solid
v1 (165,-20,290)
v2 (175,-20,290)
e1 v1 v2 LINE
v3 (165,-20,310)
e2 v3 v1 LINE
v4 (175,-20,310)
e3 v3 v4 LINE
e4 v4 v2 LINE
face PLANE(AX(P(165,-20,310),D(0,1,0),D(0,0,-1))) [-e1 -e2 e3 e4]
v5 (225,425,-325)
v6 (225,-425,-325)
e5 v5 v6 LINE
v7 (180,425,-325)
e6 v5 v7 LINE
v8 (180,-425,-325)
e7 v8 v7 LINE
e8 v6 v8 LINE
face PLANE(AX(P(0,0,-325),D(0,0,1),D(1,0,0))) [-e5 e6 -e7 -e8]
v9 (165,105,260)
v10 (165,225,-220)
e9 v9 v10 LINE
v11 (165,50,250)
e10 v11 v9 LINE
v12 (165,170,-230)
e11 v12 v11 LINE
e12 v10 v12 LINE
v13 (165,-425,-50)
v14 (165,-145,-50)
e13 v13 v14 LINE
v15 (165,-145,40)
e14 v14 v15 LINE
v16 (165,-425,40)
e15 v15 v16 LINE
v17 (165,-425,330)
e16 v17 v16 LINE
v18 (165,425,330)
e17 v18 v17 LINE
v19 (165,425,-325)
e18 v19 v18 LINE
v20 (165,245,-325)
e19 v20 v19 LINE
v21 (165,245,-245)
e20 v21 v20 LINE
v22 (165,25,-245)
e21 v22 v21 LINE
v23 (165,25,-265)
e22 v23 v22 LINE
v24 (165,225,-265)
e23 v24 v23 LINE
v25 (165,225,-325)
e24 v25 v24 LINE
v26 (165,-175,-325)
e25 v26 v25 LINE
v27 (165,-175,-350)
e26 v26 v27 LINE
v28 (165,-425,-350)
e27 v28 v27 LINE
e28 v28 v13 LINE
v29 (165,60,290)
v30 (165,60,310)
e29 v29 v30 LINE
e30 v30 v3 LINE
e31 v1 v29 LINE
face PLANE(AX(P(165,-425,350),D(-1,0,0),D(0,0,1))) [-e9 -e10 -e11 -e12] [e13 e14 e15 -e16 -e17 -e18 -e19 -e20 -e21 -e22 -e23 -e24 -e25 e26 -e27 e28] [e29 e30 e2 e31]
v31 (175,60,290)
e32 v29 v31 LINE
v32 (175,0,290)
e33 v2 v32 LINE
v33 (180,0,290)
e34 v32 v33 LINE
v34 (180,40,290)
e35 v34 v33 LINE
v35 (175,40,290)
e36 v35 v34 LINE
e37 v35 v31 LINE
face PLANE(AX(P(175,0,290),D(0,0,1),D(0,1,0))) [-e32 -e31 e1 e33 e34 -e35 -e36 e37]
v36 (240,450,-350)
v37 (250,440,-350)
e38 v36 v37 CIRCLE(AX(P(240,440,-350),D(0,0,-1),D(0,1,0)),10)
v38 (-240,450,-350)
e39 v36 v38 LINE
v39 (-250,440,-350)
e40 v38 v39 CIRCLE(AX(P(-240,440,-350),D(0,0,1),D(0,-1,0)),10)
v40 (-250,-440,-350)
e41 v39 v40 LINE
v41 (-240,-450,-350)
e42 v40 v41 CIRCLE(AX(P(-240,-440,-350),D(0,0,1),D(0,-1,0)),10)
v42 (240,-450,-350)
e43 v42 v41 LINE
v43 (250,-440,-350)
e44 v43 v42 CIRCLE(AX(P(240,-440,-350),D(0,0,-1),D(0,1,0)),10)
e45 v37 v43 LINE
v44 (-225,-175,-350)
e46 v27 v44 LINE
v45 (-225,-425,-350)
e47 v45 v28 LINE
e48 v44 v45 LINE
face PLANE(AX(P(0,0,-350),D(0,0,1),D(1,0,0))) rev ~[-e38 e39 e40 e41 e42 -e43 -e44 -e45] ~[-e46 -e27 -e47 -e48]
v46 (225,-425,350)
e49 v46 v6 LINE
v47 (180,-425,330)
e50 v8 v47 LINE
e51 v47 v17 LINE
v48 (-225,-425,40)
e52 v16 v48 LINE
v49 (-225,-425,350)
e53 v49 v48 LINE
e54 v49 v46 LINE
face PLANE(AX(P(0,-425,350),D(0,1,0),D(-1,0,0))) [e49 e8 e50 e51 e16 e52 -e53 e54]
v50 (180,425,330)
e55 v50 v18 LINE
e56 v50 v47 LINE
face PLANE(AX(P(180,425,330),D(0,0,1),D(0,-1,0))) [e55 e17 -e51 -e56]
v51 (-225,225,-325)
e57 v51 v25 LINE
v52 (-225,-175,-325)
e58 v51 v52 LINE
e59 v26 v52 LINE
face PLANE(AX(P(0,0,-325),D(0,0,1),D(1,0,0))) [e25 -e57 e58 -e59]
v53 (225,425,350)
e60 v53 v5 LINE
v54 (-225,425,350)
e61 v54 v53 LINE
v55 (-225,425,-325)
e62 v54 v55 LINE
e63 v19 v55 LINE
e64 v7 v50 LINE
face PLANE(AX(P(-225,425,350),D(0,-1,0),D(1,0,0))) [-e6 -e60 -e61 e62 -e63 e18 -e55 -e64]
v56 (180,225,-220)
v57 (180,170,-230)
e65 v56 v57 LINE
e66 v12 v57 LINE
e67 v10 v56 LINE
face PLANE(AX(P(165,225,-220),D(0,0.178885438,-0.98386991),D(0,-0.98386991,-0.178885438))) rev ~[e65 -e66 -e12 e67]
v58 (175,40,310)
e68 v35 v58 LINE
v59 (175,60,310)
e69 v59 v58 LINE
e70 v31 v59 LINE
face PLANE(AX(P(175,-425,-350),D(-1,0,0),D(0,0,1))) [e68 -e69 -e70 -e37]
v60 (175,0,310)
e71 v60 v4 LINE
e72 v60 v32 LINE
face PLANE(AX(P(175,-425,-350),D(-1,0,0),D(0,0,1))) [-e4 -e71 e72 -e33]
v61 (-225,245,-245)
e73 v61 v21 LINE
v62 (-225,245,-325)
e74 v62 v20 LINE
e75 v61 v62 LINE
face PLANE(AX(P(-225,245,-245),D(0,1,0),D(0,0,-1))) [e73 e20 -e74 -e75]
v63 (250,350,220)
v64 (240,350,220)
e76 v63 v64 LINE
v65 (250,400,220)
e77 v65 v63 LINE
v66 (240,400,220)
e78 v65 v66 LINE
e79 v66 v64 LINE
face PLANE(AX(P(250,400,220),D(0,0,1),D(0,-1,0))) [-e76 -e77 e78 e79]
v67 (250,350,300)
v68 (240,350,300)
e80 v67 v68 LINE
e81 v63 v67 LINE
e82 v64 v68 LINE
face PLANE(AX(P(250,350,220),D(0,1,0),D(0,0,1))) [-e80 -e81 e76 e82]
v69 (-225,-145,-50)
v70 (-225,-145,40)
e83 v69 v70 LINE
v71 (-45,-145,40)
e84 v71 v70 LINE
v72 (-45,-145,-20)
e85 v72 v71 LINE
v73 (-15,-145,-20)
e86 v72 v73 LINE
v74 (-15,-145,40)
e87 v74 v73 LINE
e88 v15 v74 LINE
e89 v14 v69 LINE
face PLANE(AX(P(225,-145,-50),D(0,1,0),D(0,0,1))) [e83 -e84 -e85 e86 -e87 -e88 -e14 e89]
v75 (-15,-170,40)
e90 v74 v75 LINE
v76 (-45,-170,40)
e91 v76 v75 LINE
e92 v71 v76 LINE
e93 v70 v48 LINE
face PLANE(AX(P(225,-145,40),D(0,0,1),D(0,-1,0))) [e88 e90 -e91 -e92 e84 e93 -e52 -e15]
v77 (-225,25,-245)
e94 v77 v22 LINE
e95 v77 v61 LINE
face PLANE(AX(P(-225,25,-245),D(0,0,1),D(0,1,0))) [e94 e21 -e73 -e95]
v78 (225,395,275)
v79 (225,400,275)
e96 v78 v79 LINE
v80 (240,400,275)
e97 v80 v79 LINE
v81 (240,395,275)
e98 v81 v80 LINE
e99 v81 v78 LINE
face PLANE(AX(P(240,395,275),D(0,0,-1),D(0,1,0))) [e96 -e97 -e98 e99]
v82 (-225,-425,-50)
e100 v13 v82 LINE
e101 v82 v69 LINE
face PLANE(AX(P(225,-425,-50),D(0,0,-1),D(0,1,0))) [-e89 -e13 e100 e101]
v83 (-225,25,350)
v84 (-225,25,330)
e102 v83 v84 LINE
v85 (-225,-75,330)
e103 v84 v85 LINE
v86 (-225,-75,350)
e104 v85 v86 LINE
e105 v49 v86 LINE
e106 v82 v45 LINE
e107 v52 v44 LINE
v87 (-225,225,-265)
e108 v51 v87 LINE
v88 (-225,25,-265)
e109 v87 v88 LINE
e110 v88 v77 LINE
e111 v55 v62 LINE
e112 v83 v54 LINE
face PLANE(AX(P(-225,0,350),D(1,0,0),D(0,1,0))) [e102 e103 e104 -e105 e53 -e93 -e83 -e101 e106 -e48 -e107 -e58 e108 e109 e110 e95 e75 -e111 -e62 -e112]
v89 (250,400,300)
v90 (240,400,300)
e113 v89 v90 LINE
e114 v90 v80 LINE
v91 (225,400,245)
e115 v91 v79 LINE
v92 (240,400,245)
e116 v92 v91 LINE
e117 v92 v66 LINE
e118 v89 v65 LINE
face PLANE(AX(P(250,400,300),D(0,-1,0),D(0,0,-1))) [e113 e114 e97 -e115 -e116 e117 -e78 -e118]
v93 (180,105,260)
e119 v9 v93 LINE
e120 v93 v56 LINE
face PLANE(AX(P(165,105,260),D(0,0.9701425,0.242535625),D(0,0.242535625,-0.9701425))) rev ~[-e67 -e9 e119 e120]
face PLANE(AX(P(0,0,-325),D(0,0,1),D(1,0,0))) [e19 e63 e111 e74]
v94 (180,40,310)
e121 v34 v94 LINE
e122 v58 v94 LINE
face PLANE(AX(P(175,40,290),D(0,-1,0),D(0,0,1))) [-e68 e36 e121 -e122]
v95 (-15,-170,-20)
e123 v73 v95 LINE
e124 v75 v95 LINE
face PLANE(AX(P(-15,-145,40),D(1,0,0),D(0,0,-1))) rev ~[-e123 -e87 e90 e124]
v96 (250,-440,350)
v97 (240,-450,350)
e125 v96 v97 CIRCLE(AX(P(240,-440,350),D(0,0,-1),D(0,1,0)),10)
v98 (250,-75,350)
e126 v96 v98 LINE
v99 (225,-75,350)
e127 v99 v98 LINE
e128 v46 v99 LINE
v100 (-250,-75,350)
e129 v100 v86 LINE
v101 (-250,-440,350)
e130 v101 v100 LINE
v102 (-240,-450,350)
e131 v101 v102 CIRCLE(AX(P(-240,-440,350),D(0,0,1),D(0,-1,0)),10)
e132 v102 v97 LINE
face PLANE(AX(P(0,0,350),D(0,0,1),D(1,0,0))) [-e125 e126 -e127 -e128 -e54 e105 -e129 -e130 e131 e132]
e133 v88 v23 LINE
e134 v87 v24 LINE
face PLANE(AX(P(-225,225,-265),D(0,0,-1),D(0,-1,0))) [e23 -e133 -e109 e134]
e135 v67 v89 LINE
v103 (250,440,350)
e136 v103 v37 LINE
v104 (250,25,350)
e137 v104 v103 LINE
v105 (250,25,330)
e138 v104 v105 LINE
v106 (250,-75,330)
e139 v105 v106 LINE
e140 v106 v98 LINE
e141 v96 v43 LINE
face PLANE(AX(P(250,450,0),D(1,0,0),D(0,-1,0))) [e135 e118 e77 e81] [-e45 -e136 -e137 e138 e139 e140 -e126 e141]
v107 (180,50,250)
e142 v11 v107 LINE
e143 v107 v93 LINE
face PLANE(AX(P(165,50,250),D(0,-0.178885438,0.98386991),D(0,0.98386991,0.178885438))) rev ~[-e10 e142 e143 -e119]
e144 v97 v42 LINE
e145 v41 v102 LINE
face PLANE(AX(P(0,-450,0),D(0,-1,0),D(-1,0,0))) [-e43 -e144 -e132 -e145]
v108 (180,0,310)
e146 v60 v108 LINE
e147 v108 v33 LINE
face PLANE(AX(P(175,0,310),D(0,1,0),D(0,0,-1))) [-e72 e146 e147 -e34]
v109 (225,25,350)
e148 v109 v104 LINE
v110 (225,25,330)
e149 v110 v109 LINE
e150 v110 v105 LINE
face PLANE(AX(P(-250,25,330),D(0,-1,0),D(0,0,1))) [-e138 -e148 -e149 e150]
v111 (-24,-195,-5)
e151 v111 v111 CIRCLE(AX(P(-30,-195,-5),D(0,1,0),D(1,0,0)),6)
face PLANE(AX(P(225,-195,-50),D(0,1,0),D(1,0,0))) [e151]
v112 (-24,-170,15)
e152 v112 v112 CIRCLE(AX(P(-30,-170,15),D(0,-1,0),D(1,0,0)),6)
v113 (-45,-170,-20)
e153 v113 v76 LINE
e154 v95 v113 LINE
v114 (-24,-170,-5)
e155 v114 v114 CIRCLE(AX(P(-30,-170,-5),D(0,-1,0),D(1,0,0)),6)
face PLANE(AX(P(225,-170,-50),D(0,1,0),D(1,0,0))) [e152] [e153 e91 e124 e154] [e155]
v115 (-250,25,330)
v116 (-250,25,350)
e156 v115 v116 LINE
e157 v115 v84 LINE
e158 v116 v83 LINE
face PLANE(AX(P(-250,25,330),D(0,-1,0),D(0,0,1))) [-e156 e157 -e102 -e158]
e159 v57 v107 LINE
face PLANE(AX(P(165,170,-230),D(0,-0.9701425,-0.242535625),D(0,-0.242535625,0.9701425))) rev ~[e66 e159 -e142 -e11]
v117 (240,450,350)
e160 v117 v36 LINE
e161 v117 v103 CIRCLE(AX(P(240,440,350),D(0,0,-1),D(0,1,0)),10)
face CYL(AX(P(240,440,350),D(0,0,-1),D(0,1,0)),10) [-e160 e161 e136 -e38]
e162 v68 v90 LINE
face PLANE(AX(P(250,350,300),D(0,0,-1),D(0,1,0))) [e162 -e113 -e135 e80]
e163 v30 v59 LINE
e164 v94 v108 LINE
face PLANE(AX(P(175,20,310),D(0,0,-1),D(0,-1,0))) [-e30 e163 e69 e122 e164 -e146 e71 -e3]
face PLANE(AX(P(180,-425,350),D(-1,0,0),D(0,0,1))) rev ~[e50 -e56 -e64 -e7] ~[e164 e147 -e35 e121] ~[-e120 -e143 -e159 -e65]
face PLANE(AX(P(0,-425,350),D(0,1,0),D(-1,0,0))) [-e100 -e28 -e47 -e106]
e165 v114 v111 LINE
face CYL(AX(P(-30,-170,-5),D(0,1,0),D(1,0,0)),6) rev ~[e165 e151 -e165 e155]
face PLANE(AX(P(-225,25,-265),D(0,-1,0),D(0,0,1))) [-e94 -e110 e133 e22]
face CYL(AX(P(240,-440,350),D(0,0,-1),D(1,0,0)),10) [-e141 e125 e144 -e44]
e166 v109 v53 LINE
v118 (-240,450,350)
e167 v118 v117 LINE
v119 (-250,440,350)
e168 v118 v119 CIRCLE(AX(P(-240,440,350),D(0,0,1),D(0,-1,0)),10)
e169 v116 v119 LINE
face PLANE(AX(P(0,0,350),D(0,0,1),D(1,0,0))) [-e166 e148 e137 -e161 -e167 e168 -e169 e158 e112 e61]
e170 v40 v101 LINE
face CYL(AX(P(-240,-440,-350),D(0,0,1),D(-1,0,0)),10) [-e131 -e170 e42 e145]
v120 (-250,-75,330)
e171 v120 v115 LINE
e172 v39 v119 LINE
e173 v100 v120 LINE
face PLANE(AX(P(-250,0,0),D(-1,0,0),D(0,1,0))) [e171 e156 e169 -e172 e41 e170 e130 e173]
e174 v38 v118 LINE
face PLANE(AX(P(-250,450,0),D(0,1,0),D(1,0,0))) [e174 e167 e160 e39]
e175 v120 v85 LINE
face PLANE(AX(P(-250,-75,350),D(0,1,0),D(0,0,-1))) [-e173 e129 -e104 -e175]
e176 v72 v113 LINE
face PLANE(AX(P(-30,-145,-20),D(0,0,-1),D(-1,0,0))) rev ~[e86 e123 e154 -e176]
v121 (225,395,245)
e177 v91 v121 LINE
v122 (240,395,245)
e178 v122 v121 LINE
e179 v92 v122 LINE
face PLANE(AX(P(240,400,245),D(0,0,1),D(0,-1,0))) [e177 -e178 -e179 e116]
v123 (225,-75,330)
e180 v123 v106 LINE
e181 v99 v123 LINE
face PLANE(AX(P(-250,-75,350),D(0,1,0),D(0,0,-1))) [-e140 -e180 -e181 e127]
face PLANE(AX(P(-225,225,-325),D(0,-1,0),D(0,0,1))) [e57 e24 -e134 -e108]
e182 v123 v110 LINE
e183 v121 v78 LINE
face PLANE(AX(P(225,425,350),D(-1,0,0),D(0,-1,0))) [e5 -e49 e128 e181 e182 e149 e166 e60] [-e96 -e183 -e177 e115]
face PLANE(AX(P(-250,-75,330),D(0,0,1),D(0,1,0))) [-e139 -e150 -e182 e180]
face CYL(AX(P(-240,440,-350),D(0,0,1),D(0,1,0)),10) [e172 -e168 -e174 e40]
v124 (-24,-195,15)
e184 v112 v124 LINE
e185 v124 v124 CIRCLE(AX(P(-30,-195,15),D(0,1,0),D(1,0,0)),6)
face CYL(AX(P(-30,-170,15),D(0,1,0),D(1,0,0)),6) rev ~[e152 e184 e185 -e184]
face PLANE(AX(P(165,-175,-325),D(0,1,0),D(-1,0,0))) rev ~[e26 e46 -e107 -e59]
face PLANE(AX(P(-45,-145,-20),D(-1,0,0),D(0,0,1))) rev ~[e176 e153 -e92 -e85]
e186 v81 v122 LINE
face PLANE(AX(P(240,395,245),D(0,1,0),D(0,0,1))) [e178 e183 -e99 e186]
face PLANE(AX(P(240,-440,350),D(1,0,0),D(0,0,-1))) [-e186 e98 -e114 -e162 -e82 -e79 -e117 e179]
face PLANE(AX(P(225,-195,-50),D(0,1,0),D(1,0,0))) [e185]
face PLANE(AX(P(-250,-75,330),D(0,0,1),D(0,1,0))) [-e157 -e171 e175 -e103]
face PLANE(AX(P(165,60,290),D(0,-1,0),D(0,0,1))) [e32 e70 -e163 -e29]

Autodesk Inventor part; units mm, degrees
ref_plane "YZ Plane" through (0, 0, 0) normal (1, 0, 0) x (0, 1, 0)
ref_plane "XZ Plane" through (0, 0, 0) normal (0, 1, 0) x (-1, 0, 0)
ref_plane "XY Plane" through (0, 0, 0) normal (0, 0, 1) x (1, 0, 0)
sketch "草图1" plane through (0, 0, 0) normal (0, 0, 1) x (1, 0, 0)
  line L0 (-250, 450) -> (250, 450)
  line L1 (250, 450) -> (250, -450)
  line L2 (250, -450) -> (-250, -450)
  line L3 (-250, -450) -> (-250, 450)
  line L4 (-350, 0) -> (350, 0) projected
  line L5 (0, -630) -> (0, 630) projected
  point P0 (0, 0)
  dimension "d0" = 500
  dimension "d1" = 900
extrude "拉伸1" add sketch "草图1" along normal mid plane 700
sketch "草图2" plane through (0, 0, 350) normal (0, 0, 1) x (1, 0, 0)
  line L0 (-225, 425) -> (225, 425)
  line L1 (225, 425) -> (225, -425)
  line L2 (225, -425) -> (-225, -425)
  line L3 (-225, -425) -> (-225, 425)
  line L4 (0, -630) -> (0, 630) projected
  line L5 (-350, 0) -> (350, 0) projected
  point P0 (0, 0)
  point P1 (225, 0)
  point P2 (0, -425)
  point P3 (-225, 0)
  point P4 (0, 425)
  dimension "d4" = 850
  dimension "d5" = 450
extrude "拉伸2" cut sketch "草图2" against normal blind 675
sketch "草图3" plane through (0, 0, -325) normal (0, 0, 1) x (1, 0, 0)
  line L0 (225, 425) -> (225, -425) projected
  line L1 (-225, -425) -> (165, -425)
  line L2 (165, -425) -> (165, -175)
  line L3 (165, -175) -> (-225, -175)
  line L4 (-225, -175) -> (-225, -425)
  point P0 (0, 0)
  point P1 (225, -325)
  dimension "d8" = 250
  dimension "d60" = 390
extrude "拉伸3" cut sketch "草图3" against normal through all
ref_plane "工作平面1" through (180, -425, 350) normal (-1, 0, 0) x (0, 0, 1)
sketch "草图4" plane through (225, -425, 350) normal (-1, 0, 0) x (0, 0, 1)
  line L0 (-400, 280) -> (-310, 280)
  line L1 (-310, 280) -> (-310, 0)
  line L2 (-310, 0) -> (-400, 0)
  line L3 (-400, 0) -> (-400, 280)
  line L4 (-400, -168.792) -> (-400, 811.208)
  line L5 (0, 0) -> (-675, 0) projected
  line L6 (-700, 875) -> (-700, -25) projected
  point P0 (-700, 0)
  dimension "d40" = 90
  dimension "d41" = 300
  dimension "d42" = 280
extrude "拉伸4" add sketch "草图4" along normal up to surface (450 mm away)
sketch "草图8" plane through (180, -425, 350) normal (-1, 0, 0) x (0, 0, 1)
  line L0 (-20, 0) -> (-310, 0)
  line L1 (-675, 850) -> (-20, 850)
  line L2 (-20, 850) -> (-20, 0)
  line L3 (-20, 0) -> (-675, 0)
  line L4 (-675, 0) -> (-675, 850)
  line L5 (-675, 850) -> (-675, 0) projected
  line L6 (0, 850) -> (0, 0) projected
  point P0 (-350, 425)
  point P1 (-350, 0)
  point P2 (-675, 250)
  point P3 (-275, 0)
  dimension "d33" = 850
  dimension "d117" = 20
extrude "拉伸7" add sketch "草图8" along normal blind 15
sketch "草图12" plane through (225, -425, 40) normal (0, 0, 1) x (1, 0, 0)
  line L0 (0, 280) -> (-45, 280) projected
  line L1 (-45, 0) -> (0, 0) projected
  line L2 (-45, 280) -> (0, 280)
  line L3 (0, 280) -> (0, 0)
  line L4 (0, 0) -> (-45, 0)
  line L5 (-45, 0) -> (-45, 280)
  point P0 (-225, 425)
extrude "拉伸8" cut sketch "草图12" against normal up to surface (90 mm away)
sketch "草图6" plane through (225, -145, -50) normal (0, 1, 0) x (1, 0, 0)
  line L0 (-270, -90) -> (-240, -90)
  line L1 (-240, -90) -> (-240, -30)
  line L2 (-240, -30) -> (-270, -30)
  line L3 (-270, -30) -> (-270, -90)
  line L4 (-60, 0) -> (-60, 300) projected
  line L5 (-450, 0) -> (-450, 300) projected
  line L6 (-255, 100.8766) -> (-255, -114.3838)
  line L7 (-60, -90) -> (-450, -90) projected
  line L8 (-60, -90) -> (-450, -90) projected
  point P0 (0, 0)
  point P1 (-60, 60)
  point P2 (-60, 275)
  point P3 (-450, 60)
  point P4 (-60, -400)
  point P5 (-255, -90)
  dimension "d14" = 60
  dimension "d15" = 30
  dimension "d35" = 390
extrude "拉伸5" cut sketch "草图6" against normal blind 25
sketch "草图7" plane through (225, -170, -50) normal (0, 1, 0) x (1, 0, 0)
  circle A0 centre (-255, -45) radius 6
  circle A1 centre (-255, -65) radius 6
  line L0 (-270.0194, -90) -> (-239.9806, -90)
  line L1 (-60, 0) -> (-60, 300) projected
  line L2 (-450, 0) -> (-450, 300) projected
  line L3 (-255, 158.1322) -> (-255, -68.0014)
  line L4 (-240, -90) -> (-270, -90) projected
  line L5 (-270, -90) -> (-450, -90) projected
  line L6 (-60, -90) -> (-450, -90) projected
  line L7 (-60, -90) -> (-240, -90) projected
  point P0 (-255, -90)
  point P1 (-60, 60)
  point P2 (-60, 275)
  point P3 (-450, 60)
  point P4 (-60, -400)
  point P5 (-255, -90)
  dimension "d9" = 0
  dimension "d20" = 12
  dimension "d21" = 12
  dimension "d22" = 20
  dimension "d23" = 25
  dimension "d38" = 390
extrude "拉伸6" cut sketch "草图7" against normal blind 25
thread "螺纹1" size "M12x1.75" class "6H" standard "ANSI Metric M Profile" full length
thread "螺纹2" size "M12x1.75" class "6H" standard "ANSI Metric M Profile" full length
fillet "圆角1" radius 10 4 edges at (-250, 450, 0) (250, 450, 0) (-250, -450, 0) (250, -450, 0)
sketch "草图14" plane through (165, -425, -350) normal (-1, 0, 0) x (0, 0, 1)
  line L0 (640, 485) -> (660, 485)
  line L1 (660, 485) -> (660, 405)
  line L2 (660, 405) -> (640, 405)
  line L3 (640, 405) -> (640, 485)
  line L4 (680, 0) -> (680, 850) projected
  line L5 (680, 0) -> (25, 0) projected
  point P0 (350, 425)
  point P1 (700, 0)
  point P2 (700, 850)
  dimension "d69" = 80
  dimension "d70" = 20
  dimension "d115" = 20
  dimension "d118" = 405
extrude "拉伸10" cut sketch "草图14" against normal blind 10
sketch "草图15" plane through (175, -425, -350) normal (-1, 0, 0) x (0, 0, 1)
  line L0 (640, 405) -> (640, 485) projected
  line L1 (660, 405) -> (640, 405) projected
  line L2 (660, 485) -> (660, 405) projected
  line L3 (640, 485) -> (660, 485) projected
  line L4 (640, 405) -> (640, 485) projected
  line L5 (640, 465) -> (660, 465)
  line L6 (660, 465) -> (660, 425)
  line L7 (660, 425) -> (640, 425)
  line L8 (640, 425) -> (640, 465)
  line L9 (565.3666, 445) -> (668.9353, 445)
  point P0 (350, 425)
  point P1 (640, 445)
  dimension "d74" = 40
extrude "拉伸11" cut sketch "草图15" against normal up to surface (5 mm away) contours L0 L9 L2 L7 | L0 L5 L2 L9
sketch "草图17" plane through (165, -175, -325) normal (-1, 0, 0) x (0, 0, 1)
  line L0 (105, 400) -> (95, 345)
  line L1 (95, 345) -> (575, 225)
  line L2 (575, 225) -> (585, 280)
  line L3 (585, 280) -> (105, 400)
  line L4 (-25, 625) -> (675, 625) projected
  line L5 (-25, 615) -> (-25, -265) projected
  point P0 (325, 175)
  dimension "d83" = 480
  dimension "d84" = 55
  dimension "d85" = 225
  dimension "d86" = 130
  dimension "d87" = 120
  dimension "d88" = 120
extrude "拉伸13" cut sketch "草图17" against normal up to surface (15 mm away)
sketch "草图19" plane through (250, -440, 350) normal (1, 0, 0) x (0, 0, -1)
  line L0 (50, 840) -> (130, 840)
  line L1 (130, 840) -> (130, 790)
  line L2 (130, 790) -> (50, 790)
  line L3 (50, 790) -> (50, 840)
  line L4 (700, 890) -> (0, 890) projected
  line L5 (0, 0) -> (0, 880) projected
  point P0 (350, 440)
  dimension "d93" = 80
  dimension "d94" = 50
  dimension "d95" = 50
  dimension "d96" = 50
extrude "拉伸15" cut sketch "草图19" against normal blind 10
sketch "草图20" plane through (240, -440, 350) normal (1, 0, 0) x (0, 0, -1)
  line L0 (130, 790) -> (50, 790) projected
  line L1 (130, 840) -> (130, 790) projected
  line L2 (50, 840) -> (130, 840) projected
  line L3 (50, 790) -> (50, 840) projected
  line L4 (50, 840) -> (130, 840) projected
  line L5 (75, 840) -> (105, 840)
  line L6 (105, 840) -> (105, 835)
  line L7 (105, 835) -> (75, 835)
  line L8 (75, 835) -> (75, 840)
  line L9 (90, 871.8098) -> (90, 758.1154)
  point P0 (350, 440)
  point P1 (90, 840)
  point P2 (75, 840)
  point P3 (105, 840)
  dimension "d99" = 5
  dimension "d100" = 30
extrude "拉伸16" cut sketch "草图20" against normal up to surface (15 mm away) contours L9 L2 L6 L7 | L7 L8 L2 L9
sketch "草图23" plane through (-225, 425, 350) normal (1, 0, 0) x (0, 0, -1)
  line L0 (100, -375) -> (580, -255) projected
  line L1 (675, -200) -> (615, -200)
  line L2 (0, -850) -> (0, 0) projected
  line L3 (0, -850) -> (310, -850) projected
  line L4 (310, -850) -> (310, -570) projected
  line L5 (310, -570) -> (400, -570) projected
  line L6 (400, -570) -> (400, -850) projected
  line L7 (400, -850) -> (700, -850) projected
  line L8 (700, -600) -> (700, -850) projected
  line L9 (675, -600) -> (700, -600) projected
  line L10 (675, -600) -> (675, 0) projected
  line L11 (0, 0) -> (675, 0) projected
  line L12 (615, -200) -> (615, -400)
  line L13 (615, -400) -> (595, -400)
  line L14 (595, -400) -> (595, -165.9896)
  line L15 (595, -165.8218) -> (595, -180)
  line L16 (595, -180) -> (675, -180)
  line L17 (675, -180) -> (675, -200)
  point P0 (350, -425)
  point P1 (650, 0)
  dimension "d110" = 20
  dimension "d111" = 200
  dimension "d112" = 80
extrude "拉伸17" add sketch "草图23" along normal up to surface (390 mm away) contours L1 L12 L13 L14 L16 L10
sketch "草图25" plane through (-250, -440, 350) normal (-1, 0, 0) x (0, 0, 1)
  line L0 (-700, 880) -> (0, 880) projected
  line L1 (-20, 465) -> (0, 465)
  line L2 (0, 465) -> (0, 365)
  line L3 (0, 365) -> (-20, 365)
  line L4 (-20, 365) -> (-20, 465)
  line L5 (0, 880) -> (0, 0) projected
  line L6 (0, 0) -> (-700, 0) projected
  point P0 (-350, 440)
  point P1 (0, 415)
  dimension "d120" = 20
  dimension "d121" = 100
  dimension "d124" = 365
extrude "拉伸19" cut sketch "草图25" against normal through all
properties part number "外壳"
